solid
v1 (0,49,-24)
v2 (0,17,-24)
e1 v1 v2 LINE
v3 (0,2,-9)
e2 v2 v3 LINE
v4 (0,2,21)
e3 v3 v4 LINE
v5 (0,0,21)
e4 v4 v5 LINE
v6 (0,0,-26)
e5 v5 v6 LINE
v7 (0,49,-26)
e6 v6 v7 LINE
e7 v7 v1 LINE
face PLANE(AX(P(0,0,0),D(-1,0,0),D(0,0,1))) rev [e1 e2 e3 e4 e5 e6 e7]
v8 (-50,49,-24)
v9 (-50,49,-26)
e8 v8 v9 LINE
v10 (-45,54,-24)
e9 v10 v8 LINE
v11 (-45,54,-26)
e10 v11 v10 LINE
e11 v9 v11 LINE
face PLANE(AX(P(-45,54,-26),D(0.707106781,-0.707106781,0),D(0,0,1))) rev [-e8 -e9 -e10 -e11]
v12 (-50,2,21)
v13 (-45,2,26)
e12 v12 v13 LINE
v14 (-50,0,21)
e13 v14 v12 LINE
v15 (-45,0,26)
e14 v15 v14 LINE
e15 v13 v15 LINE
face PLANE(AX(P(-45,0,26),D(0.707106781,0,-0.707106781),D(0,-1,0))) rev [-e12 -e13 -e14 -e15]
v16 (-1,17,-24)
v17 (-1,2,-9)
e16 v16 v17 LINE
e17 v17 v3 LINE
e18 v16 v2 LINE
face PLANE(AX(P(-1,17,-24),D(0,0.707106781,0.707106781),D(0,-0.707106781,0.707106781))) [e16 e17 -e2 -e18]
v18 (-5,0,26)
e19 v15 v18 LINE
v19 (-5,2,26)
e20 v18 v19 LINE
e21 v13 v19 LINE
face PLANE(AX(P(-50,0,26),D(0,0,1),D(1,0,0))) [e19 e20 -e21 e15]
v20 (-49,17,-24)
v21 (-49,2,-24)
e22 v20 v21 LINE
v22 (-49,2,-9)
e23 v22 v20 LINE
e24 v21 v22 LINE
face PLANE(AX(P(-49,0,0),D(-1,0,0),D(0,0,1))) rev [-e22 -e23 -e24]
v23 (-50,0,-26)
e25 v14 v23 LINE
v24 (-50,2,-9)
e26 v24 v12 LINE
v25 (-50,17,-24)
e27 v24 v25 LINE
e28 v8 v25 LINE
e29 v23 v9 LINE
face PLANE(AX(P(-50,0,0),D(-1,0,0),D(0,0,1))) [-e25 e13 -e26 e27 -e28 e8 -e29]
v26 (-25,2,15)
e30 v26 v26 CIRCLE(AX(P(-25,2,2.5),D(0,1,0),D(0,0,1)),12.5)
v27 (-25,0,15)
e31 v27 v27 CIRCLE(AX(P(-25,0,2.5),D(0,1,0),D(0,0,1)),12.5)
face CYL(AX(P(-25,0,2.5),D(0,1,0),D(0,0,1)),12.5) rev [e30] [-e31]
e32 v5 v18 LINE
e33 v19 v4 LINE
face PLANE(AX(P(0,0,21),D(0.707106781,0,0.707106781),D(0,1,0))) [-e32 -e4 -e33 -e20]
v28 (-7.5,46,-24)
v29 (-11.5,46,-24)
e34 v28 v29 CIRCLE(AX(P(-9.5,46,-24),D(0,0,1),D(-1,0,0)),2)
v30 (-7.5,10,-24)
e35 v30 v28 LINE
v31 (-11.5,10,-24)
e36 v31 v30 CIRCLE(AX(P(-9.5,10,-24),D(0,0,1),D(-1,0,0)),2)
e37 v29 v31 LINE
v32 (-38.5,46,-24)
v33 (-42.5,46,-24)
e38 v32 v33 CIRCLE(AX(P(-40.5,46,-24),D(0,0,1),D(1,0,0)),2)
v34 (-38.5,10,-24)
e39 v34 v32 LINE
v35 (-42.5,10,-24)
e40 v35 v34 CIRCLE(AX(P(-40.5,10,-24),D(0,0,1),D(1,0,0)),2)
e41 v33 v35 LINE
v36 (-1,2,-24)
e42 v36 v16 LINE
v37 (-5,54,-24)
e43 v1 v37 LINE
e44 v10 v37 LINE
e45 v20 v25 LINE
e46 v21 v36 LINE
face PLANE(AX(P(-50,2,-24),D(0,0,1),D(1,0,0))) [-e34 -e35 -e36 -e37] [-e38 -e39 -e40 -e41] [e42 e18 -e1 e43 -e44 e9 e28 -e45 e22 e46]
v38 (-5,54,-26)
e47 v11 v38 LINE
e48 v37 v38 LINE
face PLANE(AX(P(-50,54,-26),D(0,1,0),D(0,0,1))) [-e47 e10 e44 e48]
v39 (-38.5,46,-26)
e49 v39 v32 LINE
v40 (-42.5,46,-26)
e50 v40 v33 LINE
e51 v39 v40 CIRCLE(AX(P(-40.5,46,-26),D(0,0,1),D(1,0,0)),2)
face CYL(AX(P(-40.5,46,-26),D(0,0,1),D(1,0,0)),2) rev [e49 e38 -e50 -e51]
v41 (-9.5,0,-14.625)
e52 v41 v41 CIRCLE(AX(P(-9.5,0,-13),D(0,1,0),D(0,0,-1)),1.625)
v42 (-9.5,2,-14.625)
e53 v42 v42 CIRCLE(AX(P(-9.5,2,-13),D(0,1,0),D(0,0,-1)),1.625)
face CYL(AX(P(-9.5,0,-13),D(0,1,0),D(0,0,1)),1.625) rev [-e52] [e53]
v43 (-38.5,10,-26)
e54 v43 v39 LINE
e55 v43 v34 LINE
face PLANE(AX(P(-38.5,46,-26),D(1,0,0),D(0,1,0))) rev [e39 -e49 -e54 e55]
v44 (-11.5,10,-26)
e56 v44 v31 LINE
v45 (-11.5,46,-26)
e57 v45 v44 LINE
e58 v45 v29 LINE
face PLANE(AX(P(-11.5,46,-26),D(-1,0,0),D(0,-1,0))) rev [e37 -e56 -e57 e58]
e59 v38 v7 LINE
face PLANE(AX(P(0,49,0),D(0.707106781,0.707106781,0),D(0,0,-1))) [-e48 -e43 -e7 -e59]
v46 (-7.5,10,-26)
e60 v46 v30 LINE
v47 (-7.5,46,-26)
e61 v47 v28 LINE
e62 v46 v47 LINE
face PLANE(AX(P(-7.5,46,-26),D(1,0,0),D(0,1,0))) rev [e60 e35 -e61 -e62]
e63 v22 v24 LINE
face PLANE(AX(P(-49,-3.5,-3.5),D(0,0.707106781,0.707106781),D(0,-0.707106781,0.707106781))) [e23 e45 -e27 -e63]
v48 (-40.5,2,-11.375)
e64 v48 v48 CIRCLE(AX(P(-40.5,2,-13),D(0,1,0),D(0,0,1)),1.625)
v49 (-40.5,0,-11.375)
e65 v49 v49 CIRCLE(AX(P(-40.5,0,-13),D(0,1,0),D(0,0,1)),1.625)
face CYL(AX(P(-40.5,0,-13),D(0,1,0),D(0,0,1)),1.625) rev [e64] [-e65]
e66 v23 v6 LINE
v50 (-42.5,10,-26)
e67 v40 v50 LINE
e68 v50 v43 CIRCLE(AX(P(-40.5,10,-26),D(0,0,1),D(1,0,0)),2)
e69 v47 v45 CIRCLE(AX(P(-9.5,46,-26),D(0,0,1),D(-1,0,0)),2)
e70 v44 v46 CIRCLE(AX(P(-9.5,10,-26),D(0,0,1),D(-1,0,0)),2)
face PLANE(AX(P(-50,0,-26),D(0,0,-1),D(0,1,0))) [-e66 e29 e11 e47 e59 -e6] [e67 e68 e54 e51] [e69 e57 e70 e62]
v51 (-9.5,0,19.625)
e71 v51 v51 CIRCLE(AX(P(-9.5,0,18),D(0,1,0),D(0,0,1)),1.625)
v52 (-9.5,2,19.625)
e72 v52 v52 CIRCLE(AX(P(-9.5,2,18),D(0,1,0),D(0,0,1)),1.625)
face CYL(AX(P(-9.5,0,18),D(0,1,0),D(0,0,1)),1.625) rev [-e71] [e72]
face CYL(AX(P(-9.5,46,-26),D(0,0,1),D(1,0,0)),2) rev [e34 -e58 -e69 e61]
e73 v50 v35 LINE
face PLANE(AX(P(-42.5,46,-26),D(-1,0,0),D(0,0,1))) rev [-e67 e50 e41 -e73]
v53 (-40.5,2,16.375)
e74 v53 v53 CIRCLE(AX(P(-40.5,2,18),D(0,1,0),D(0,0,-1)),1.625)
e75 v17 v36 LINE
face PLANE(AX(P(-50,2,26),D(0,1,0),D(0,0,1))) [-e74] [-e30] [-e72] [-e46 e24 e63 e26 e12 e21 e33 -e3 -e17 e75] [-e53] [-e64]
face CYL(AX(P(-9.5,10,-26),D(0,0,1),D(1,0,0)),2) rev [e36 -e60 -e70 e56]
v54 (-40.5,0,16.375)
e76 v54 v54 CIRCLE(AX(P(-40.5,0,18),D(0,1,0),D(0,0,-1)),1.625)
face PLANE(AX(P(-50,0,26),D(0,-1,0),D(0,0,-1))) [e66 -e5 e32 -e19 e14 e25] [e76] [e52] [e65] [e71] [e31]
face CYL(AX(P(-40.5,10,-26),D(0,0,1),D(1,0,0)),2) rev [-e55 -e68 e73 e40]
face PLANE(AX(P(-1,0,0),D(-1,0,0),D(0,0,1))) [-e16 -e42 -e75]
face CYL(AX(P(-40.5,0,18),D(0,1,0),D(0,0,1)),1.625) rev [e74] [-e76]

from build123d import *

# Parameters (mm, degrees)
BOSS_EXTRUDE1_DEPTH = 50
CHAMFER1_SIZE       = 5
SKETCH2_R           = 1.625
SKETCH2_R_2         = 12.5
CUT_EXTRUDE1_DEPTH  = 77.681158051
CUT_EXTRUDE2_DEPTH  = 89.971905678
BOSS_EXTRUDE2_DEPTH = 1
BOSS_EXTRUDE3_START = -50
BOSS_EXTRUDE3_DEPTH = 1


with BuildPart() as part:
    # Sketch1 → Boss-Extrude1 (new body)
    with BuildSketch(Plane(origin=(0, 0, 0), x_dir=(0, 0, -1), z_dir=(1, 0, 0))):
        Polygon((-26, 0), (26, 0), (26, 54), (24, 54), (24, 2), (-26, 2), align=None)
    extrude(amount=-BOSS_EXTRUDE1_DEPTH)

    # Chamfer1
    chamfer1_edges = [part.edges().sort_by_distance(p)[0] for p in [
        (-50, 54, -25),
        (-50, 1, 26),
        (0, 54, -25),
        (0, 1, 26),
    ]]
    chamfer(chamfer1_edges, length=CHAMFER1_SIZE)

    # Sketch2 → Cut-Extrude1 (cut, through all)
    with BuildSketch(Plane(origin=(0, 2, 0), x_dir=(1, 0, 0), z_dir=(0, 1, 0))):
        with Locations(Location((-40.5, 13, 0), (0, 0, 270))):
            Circle(SKETCH2_R)
        with Locations(Location((-9.5, 13, 0), (0, 0, 90))):
            Circle(SKETCH2_R)
        with Locations(Location((-9.5, -18, 0), (0, 0, 270))):
            Circle(SKETCH2_R)
        with Locations(Location((-40.5, -18, 0), (0, 0, 90))):
            Circle(SKETCH2_R)
        with Locations(Location((-25, -2.5, 0), (0, 0, 270))):
            Circle(SKETCH2_R_2)
    extrude(amount=-CUT_EXTRUDE1_DEPTH, mode=Mode.SUBTRACT)

    # Sketch3 → Cut-Extrude2 (cut, through all)
    with BuildSketch(Plane.XY.offset(-24)):
        with BuildLine():
            Line((-38.5, 46), (-38.5, 10))
            ThreePointArc((-38.5, 10), (-40.5, 8), (-42.5, 10))
            Line((-42.5, 10), (-42.5, 46))
            ThreePointArc((-42.5, 46), (-40.5, 48), (-38.5, 46))
        make_face()
        with BuildLine():
            Line((-11.5, 46), (-11.5, 10))
            ThreePointArc((-11.5, 10), (-9.5, 8), (-7.5, 10))
            Line((-7.5, 10), (-7.5, 46))
            ThreePointArc((-7.5, 46), (-9.5, 48), (-11.5, 46))
        make_face()
    extrude(amount=-CUT_EXTRUDE2_DEPTH, mode=Mode.SUBTRACT)

    # Sketch4 → Boss-Extrude2 (add)
    with BuildSketch(Plane(origin=(0, 0, 0), x_dir=(0, 0, -1), z_dir=(1, 0, 0))):
        Polygon((9, 2), (24, 2), (24, 17), align=None)
    extrude(amount=-BOSS_EXTRUDE2_DEPTH)

    # Sketch4<2> → Boss-Extrude3 (add)
    with BuildSketch(Plane(origin=(0, 0, 0), x_dir=(0, 0, -1), z_dir=(1, 0, 0)).offset(BOSS_EXTRUDE3_START)):
        Polygon((9, 2), (24, 2), (24, 17), align=None)
    extrude(amount=BOSS_EXTRUDE3_DEPTH)


solid = part.part
